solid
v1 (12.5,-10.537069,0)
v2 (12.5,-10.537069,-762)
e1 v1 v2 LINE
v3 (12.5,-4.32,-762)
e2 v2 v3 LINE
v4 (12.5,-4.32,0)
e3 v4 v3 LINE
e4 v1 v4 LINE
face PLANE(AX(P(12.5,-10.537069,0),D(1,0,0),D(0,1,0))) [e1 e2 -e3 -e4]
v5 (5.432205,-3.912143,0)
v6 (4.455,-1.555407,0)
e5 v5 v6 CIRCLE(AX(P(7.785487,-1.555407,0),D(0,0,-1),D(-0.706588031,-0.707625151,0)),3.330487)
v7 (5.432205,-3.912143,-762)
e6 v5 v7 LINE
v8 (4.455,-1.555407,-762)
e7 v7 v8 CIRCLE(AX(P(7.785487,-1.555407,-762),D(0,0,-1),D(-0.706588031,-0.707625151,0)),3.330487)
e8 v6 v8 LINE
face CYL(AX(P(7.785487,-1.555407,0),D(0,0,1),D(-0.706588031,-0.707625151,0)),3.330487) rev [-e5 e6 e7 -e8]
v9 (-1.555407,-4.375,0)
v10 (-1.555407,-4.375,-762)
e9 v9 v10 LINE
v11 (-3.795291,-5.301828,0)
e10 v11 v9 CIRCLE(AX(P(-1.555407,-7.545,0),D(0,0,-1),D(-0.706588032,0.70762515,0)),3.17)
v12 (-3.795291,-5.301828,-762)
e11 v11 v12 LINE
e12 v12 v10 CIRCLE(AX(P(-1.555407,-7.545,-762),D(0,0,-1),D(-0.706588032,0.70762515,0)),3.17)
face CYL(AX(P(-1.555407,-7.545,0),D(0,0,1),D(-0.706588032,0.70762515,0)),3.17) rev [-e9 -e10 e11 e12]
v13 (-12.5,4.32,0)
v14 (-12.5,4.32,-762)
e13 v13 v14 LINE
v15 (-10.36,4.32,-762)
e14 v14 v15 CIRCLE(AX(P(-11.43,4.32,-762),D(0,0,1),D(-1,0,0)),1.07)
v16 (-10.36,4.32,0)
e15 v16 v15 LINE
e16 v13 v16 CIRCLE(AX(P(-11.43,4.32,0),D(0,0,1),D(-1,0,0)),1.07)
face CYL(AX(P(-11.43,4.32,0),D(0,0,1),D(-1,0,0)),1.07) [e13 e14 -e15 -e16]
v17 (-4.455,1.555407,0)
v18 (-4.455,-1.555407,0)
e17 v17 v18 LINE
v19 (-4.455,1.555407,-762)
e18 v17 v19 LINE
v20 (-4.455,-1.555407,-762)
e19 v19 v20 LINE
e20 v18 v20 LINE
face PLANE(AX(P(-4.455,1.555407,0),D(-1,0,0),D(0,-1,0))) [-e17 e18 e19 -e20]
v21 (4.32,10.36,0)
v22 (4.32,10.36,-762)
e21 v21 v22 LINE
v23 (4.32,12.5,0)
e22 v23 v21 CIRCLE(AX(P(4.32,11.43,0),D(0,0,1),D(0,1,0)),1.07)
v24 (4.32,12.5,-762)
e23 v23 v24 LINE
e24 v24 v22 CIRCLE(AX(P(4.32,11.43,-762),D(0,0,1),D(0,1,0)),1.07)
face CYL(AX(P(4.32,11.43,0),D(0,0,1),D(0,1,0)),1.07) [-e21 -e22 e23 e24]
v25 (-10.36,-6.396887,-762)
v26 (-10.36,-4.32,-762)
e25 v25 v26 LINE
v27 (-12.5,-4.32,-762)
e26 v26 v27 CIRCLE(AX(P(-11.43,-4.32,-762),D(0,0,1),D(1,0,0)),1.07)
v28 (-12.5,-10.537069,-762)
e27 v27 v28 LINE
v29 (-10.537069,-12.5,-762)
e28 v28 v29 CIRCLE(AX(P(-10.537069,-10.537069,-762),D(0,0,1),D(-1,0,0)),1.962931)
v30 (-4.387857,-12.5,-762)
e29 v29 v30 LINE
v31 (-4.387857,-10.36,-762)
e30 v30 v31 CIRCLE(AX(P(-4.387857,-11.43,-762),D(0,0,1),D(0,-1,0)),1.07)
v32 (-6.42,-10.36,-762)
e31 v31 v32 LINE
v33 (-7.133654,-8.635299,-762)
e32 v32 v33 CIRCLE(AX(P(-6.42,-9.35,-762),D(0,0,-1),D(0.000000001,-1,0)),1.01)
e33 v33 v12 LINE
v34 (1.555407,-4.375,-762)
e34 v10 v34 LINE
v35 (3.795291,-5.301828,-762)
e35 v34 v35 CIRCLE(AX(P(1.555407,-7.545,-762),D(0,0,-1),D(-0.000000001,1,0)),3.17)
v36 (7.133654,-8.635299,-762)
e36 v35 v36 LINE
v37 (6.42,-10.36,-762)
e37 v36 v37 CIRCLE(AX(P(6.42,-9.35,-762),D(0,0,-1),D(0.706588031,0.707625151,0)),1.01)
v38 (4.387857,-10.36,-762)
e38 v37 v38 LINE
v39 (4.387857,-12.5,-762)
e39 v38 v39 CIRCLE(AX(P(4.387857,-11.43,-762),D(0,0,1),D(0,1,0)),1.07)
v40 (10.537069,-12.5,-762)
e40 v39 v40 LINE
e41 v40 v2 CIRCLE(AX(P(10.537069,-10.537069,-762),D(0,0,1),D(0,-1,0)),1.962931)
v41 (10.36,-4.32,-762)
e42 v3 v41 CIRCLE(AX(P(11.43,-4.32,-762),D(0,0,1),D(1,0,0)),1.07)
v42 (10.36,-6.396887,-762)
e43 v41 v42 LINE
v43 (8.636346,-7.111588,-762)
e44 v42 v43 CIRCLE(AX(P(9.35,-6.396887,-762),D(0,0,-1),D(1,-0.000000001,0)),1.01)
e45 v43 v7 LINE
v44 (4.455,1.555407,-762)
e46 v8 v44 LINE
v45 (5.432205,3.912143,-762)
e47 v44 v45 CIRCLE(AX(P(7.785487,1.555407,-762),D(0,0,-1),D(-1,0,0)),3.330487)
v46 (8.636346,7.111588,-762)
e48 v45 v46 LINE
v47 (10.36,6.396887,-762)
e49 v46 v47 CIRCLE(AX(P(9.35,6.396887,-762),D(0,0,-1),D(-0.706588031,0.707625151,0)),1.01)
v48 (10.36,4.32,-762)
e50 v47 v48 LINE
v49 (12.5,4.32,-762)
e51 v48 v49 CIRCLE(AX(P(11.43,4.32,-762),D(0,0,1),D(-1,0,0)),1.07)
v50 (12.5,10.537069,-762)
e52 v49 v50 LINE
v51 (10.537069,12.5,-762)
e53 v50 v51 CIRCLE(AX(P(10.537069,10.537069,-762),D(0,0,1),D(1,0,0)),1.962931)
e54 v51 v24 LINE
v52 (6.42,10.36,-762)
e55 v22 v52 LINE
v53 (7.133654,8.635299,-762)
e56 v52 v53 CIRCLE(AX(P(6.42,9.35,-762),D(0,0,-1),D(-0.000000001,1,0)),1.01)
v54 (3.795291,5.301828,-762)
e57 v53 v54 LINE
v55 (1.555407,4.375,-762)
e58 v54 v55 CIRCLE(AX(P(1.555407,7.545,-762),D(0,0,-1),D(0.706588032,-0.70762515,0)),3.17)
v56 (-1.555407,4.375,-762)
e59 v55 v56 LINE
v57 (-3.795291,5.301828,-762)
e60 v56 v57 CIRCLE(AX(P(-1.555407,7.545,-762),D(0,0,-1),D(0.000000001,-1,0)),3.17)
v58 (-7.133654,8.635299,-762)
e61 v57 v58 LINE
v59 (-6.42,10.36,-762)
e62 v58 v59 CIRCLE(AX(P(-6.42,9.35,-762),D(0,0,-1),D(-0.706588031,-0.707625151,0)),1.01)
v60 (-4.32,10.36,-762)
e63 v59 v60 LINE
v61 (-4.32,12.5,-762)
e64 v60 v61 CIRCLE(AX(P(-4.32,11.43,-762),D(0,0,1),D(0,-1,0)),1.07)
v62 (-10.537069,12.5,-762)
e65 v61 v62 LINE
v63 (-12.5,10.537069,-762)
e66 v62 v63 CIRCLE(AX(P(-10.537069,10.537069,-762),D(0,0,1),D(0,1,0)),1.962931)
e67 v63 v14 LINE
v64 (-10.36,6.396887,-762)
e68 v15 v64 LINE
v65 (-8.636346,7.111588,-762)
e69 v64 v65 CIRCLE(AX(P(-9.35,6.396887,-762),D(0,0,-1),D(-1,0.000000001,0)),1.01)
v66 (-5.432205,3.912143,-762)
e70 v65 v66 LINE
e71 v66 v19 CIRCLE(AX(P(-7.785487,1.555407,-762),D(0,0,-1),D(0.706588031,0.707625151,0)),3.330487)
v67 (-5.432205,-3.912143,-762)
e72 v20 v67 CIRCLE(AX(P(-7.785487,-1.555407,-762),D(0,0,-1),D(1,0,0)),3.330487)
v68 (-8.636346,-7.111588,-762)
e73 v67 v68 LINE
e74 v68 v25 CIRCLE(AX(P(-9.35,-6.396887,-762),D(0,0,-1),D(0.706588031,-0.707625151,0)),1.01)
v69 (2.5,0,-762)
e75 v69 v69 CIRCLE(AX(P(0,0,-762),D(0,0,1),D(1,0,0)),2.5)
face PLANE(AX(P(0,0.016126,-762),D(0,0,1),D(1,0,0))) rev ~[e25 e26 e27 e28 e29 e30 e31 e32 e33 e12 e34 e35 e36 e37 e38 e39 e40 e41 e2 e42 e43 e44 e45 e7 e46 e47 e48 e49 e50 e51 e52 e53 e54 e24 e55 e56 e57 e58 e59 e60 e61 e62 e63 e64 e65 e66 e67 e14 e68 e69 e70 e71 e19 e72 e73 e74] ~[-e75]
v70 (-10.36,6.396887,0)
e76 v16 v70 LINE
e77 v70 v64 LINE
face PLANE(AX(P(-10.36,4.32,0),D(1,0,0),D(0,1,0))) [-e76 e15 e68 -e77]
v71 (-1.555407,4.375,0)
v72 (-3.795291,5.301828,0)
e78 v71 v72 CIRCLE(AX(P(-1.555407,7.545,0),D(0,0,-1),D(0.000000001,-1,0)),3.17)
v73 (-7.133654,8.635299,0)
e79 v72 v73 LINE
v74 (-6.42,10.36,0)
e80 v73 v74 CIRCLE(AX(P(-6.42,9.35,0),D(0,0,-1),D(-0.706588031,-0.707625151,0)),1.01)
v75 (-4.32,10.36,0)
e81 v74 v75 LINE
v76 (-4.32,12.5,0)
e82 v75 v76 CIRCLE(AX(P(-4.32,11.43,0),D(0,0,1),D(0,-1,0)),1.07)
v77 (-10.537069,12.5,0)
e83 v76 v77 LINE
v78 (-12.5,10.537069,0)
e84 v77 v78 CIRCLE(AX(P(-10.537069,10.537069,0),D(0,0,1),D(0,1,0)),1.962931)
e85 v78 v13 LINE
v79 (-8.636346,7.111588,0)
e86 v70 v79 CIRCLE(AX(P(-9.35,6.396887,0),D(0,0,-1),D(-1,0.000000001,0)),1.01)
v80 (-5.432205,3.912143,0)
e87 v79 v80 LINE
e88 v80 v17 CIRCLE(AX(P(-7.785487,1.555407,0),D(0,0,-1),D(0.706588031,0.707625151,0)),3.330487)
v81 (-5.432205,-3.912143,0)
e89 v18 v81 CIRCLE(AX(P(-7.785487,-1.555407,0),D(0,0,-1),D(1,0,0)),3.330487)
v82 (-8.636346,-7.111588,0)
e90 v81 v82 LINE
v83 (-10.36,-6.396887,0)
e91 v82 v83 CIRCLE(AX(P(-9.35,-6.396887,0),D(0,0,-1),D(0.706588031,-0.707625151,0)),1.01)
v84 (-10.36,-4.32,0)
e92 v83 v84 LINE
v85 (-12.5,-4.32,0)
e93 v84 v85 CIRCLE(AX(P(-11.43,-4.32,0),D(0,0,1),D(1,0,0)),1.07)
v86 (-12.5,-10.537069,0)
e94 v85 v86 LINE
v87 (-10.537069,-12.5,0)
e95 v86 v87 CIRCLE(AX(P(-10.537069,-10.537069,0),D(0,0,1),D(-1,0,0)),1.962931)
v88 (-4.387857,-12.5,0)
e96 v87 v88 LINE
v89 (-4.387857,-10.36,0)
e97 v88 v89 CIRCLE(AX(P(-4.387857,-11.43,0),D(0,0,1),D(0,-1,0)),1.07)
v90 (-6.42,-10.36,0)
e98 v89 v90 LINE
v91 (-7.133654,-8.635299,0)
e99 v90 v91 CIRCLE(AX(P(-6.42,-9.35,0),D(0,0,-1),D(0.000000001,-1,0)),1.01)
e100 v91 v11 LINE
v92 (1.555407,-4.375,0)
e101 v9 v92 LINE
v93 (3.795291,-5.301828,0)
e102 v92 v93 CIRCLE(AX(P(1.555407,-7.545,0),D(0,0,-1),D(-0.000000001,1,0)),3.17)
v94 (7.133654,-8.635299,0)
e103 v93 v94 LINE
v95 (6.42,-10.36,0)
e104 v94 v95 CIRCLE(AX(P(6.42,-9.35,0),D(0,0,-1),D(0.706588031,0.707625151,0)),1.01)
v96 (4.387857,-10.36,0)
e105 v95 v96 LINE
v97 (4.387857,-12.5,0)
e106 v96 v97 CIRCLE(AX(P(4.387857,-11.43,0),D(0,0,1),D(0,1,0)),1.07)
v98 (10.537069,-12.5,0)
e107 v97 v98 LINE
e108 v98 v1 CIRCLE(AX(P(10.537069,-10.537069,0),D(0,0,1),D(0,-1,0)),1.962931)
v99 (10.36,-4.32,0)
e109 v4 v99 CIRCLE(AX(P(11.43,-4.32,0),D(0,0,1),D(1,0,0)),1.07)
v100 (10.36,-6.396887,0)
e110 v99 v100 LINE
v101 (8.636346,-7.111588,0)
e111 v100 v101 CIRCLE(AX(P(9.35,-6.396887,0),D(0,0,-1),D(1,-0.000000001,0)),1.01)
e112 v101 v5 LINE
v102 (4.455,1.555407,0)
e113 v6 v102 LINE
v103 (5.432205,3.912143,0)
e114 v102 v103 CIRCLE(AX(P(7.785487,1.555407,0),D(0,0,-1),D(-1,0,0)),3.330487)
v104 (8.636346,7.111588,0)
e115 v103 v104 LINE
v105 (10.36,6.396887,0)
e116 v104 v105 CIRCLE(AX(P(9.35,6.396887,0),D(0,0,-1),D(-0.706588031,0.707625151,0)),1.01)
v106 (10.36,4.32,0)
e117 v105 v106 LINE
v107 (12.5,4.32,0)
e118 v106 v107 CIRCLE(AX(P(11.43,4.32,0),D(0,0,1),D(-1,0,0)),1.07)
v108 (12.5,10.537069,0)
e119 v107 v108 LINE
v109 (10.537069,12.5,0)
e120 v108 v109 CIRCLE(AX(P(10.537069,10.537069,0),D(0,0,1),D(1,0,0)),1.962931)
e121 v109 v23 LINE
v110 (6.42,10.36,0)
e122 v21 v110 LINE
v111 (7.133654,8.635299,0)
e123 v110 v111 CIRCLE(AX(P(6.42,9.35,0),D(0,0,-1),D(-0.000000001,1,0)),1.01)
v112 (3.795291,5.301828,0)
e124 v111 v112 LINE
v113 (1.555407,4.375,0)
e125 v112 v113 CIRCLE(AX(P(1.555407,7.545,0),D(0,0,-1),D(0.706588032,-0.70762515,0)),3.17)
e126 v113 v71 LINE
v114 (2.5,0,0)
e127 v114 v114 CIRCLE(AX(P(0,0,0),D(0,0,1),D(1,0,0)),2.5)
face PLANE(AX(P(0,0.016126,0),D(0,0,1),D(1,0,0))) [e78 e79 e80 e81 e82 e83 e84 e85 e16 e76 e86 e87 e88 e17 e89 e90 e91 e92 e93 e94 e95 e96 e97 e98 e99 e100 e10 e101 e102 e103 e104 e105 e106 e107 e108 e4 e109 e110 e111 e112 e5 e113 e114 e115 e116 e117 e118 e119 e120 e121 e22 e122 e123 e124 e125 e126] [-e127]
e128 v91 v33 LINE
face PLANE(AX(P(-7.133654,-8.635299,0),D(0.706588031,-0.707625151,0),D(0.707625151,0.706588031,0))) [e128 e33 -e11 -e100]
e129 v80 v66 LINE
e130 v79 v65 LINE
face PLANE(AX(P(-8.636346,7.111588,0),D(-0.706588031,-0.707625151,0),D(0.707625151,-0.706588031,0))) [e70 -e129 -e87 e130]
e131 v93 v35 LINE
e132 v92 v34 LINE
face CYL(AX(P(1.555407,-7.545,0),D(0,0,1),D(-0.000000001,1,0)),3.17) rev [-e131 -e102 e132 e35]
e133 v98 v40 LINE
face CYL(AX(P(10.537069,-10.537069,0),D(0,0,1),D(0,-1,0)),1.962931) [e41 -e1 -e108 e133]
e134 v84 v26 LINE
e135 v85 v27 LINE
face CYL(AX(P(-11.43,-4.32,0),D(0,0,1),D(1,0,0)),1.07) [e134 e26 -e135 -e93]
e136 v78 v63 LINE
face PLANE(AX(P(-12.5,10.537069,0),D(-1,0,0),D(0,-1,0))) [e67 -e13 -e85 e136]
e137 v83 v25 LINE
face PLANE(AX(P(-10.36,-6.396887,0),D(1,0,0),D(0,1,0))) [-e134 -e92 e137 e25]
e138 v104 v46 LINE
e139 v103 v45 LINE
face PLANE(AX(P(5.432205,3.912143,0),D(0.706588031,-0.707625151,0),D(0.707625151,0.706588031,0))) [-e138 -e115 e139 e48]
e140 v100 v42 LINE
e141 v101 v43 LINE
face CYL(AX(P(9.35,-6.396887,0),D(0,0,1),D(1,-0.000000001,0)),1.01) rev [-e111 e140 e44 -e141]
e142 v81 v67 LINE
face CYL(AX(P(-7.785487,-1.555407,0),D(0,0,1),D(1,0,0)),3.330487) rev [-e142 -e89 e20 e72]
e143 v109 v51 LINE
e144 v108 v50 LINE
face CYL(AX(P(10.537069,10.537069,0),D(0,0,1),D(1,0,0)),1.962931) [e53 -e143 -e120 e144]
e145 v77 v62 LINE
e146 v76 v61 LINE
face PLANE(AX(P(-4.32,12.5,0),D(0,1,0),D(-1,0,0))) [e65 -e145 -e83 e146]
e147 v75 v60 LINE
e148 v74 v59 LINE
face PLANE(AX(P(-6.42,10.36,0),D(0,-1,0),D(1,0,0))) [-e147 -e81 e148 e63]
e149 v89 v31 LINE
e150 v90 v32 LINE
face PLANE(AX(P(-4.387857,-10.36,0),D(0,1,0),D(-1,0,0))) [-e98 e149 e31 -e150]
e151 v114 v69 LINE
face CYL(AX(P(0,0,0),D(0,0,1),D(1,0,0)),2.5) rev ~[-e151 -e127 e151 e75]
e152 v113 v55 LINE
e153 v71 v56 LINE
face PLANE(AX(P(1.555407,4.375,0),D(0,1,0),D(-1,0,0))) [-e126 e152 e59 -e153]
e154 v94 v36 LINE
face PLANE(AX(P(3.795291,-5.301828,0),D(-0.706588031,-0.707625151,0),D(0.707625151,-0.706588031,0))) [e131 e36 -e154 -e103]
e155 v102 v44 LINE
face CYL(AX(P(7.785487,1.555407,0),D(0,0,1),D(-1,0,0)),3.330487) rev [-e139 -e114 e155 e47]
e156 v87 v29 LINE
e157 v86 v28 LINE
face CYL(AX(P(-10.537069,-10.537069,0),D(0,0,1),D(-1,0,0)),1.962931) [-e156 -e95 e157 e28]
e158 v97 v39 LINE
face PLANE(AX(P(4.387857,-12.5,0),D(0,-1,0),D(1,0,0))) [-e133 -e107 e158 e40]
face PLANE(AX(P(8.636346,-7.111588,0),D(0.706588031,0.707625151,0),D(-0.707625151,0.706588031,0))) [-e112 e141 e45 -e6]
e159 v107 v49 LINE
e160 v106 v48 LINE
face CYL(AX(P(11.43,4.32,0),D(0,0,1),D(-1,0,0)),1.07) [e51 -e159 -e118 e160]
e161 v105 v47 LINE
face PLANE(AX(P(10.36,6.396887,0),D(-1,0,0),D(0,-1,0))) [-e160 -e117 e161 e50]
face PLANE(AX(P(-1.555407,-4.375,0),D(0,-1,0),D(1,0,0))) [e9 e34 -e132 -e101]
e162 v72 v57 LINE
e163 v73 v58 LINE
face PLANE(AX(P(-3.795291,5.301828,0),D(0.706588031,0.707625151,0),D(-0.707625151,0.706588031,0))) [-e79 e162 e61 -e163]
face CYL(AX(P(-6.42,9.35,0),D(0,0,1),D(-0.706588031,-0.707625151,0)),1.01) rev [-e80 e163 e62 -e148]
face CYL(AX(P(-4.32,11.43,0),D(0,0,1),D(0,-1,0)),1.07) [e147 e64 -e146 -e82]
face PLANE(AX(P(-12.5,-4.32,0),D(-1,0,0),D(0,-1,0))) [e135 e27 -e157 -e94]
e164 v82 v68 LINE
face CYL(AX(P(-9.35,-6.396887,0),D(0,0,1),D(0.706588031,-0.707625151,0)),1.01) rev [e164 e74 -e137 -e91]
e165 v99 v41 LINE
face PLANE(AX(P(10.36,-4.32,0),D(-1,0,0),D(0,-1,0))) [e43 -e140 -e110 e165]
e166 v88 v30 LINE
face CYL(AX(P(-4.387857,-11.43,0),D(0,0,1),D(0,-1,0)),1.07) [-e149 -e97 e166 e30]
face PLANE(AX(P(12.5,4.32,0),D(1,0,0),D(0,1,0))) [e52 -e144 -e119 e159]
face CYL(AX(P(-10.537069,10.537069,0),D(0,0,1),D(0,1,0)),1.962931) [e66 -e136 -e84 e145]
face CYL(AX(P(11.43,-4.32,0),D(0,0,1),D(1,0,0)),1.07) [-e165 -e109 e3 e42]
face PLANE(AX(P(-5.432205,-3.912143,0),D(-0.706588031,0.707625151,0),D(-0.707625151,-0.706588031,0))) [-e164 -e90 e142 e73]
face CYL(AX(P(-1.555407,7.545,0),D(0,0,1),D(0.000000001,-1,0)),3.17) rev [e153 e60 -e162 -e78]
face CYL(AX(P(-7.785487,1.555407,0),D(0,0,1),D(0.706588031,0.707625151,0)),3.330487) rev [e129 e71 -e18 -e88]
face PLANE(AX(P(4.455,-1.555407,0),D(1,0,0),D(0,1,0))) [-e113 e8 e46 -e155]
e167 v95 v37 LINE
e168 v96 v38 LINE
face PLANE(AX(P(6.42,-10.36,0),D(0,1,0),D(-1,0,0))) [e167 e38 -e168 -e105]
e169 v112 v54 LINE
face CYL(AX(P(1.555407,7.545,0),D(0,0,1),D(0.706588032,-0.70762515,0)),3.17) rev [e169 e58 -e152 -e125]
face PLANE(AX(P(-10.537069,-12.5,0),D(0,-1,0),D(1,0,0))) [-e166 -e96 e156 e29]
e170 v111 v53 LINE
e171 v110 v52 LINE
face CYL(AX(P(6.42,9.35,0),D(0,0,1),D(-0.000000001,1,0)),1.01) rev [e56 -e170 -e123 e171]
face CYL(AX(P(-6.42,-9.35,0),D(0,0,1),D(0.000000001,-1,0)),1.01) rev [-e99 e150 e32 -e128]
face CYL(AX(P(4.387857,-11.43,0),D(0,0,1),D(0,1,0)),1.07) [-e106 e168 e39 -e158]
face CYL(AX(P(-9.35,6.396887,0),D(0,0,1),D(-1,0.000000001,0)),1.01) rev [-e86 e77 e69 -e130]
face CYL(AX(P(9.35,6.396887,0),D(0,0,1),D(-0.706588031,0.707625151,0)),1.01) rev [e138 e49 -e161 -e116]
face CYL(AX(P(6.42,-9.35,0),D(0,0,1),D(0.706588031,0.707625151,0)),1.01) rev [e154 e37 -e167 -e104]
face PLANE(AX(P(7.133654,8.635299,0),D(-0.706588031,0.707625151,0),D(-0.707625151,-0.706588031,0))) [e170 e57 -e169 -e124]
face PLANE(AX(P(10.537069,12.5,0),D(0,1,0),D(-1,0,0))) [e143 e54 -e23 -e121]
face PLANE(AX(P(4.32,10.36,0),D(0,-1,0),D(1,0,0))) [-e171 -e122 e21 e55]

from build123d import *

# Parameters (mm, degrees)
SKETCH1_R      = 2.5
EXTRUDE1_DEPTH = 762


with BuildPart() as part:
    # Sketch1 → Extrude1 (new body)
    with BuildSketch(Plane.XY):
        with BuildLine():
            Line((-8.636346088, 7.111588351), (-5.432204773, 3.912143135))
            ThreePointArc((-5.432204773, 3.912143135), (-4.708985779, 2.831057106), (-4.455, 1.555406707))
            Line((-4.455, 1.555406707), (-4.455, -1.555406707))
            ThreePointArc((-4.455, -1.555406707), (-4.708985779, -2.831057106), (-5.432204773, -3.912143135))
            Line((-5.432204773, -3.912143135), (-8.636346088, -7.111588351))
            ThreePointArc((-8.636346088, -7.111588351), (-9.736852394, -7.329863489), (-10.36, -6.396886949))
            Line((-10.36, -6.396886949), (-10.36, -4.32))
            ThreePointArc((-10.36, -4.32), (-11.43, -3.25), (-12.5, -4.32))
            Line((-12.5, -4.32), (-12.5, -8.651801989))
            Line((-12.5, -8.651801989), (-12.5, -10.537068835))
            ThreePointArc((-12.5, -10.537068835), (-11.925070773, -11.925070773), (-10.537068835, -12.5))
            Line((-10.537068835, -12.5), (-8.441567612, -12.5))
            Line((-8.441567612, -12.5), (-4.387856959, -12.5))
            ThreePointArc((-4.387856959, -12.5), (-3.317856959, -11.43), (-4.387856959, -10.36))
            Line((-4.387856959, -10.36), (-6.42, -10.36))
            ThreePointArc((-6.42, -10.36), (-7.35325999, -9.736168088), (-7.133653912, -8.635298598))
            Line((-7.133653912, -8.635298598), (-3.795290766, -5.301828272))
            ThreePointArc((-3.795290766, -5.301828272), (-2.76743922, -4.61585726), (-1.555406707, -4.375))
            Line((-1.555406707, -4.375), (1.555406707, -4.375))
            ThreePointArc((1.555406707, -4.375), (2.76743922, -4.61585726), (3.795290766, -5.301828272))
            Line((3.795290766, -5.301828272), (7.133653912, -8.635298598))
            ThreePointArc((7.133653912, -8.635298598), (7.35325999, -9.736168088), (6.42, -10.36))
            Line((6.42, -10.36), (4.387856959, -10.36))
            ThreePointArc((4.387856959, -10.36), (3.317856959, -11.43), (4.387856959, -12.5))
            Line((4.387856959, -12.5), (8.441567612, -12.5))
            Line((8.441567612, -12.5), (10.537068835, -12.5))
            ThreePointArc((10.537068835, -12.5), (11.925070773, -11.925070773), (12.5, -10.537068835))
            Line((12.5, -10.537068835), (12.5, -8.651801989))
            Line((12.5, -8.651801989), (12.5, -4.32))
            ThreePointArc((12.5, -4.32), (11.43, -3.25), (10.36, -4.32))
            Line((10.36, -4.32), (10.36, -6.396886949))
            ThreePointArc((10.36, -6.396886949), (9.736852394, -7.329863489), (8.636346088, -7.111588351))
            Line((8.636346088, -7.111588351), (5.432204773, -3.912143135))
            ThreePointArc((5.432204773, -3.912143135), (4.708985779, -2.831057106), (4.455, -1.555406707))
            Line((4.455, -1.555406707), (4.455, 1.555406707))
            ThreePointArc((4.455, 1.555406707), (4.708985779, 2.831057106), (5.432204773, 3.912143135))
            Line((5.432204773, 3.912143135), (8.636346088, 7.111588351))
            ThreePointArc((8.636346088, 7.111588351), (9.736852394, 7.329863489), (10.36, 6.396886949))
            Line((10.36, 6.396886949), (10.36, 4.32))
            ThreePointArc((10.36, 4.32), (11.43, 3.25), (12.5, 4.32))
            Line((12.5, 4.32), (12.5, 7.99129648))
            Line((12.5, 7.99129648), (12.5, 10.537068835))
            ThreePointArc((12.5, 10.537068835), (11.925070773, 11.925070773), (10.537068835, 12.5))
            Line((10.537068835, 12.5), (4.32, 12.5))
            ThreePointArc((4.32, 12.5), (3.25, 11.43), (4.32, 10.36))
            Line((4.32, 10.36), (6.42, 10.36))
            ThreePointArc((6.42, 10.36), (7.35325999, 9.736168088), (7.133653912, 8.635298598))
            Line((7.133653912, 8.635298598), (3.795290766, 5.301828272))
            ThreePointArc((3.795290766, 5.301828272), (2.76743922, 4.61585726), (1.555406707, 4.375))
            Line((1.555406707, 4.375), (-1.555406707, 4.375))
            ThreePointArc((-1.555406707, 4.375), (-2.76743922, 4.61585726), (-3.795290766, 5.301828272))
            Line((-3.795290766, 5.301828272), (-7.133653912, 8.635298598))
            ThreePointArc((-7.133653912, 8.635298598), (-7.35325999, 9.736168088), (-6.42, 10.36))
            Line((-6.42, 10.36), (-4.32, 10.36))
            ThreePointArc((-4.32, 10.36), (-3.25, 11.43), (-4.32, 12.5))
            Line((-4.32, 12.5), (-10.537068835, 12.5))
            ThreePointArc((-10.537068835, 12.5), (-11.925070773, 11.925070773), (-12.5, 10.537068835))
            Line((-12.5, 10.537068835), (-12.5, 7.99129648))
            Line((-12.5, 7.99129648), (-12.5, 4.32))
            ThreePointArc((-12.5, 4.32), (-11.43, 3.25), (-10.36, 4.32))
            Line((-10.36, 4.32), (-10.36, 6.396886949))
            ThreePointArc((-10.36, 6.396886949), (-9.736852394, 7.329863489), (-8.636346088, 7.111588351))
        make_face()
        Circle(SKETCH1_R, mode=Mode.SUBTRACT)
    extrude(amount=-EXTRUDE1_DEPTH)


solid = part.part
